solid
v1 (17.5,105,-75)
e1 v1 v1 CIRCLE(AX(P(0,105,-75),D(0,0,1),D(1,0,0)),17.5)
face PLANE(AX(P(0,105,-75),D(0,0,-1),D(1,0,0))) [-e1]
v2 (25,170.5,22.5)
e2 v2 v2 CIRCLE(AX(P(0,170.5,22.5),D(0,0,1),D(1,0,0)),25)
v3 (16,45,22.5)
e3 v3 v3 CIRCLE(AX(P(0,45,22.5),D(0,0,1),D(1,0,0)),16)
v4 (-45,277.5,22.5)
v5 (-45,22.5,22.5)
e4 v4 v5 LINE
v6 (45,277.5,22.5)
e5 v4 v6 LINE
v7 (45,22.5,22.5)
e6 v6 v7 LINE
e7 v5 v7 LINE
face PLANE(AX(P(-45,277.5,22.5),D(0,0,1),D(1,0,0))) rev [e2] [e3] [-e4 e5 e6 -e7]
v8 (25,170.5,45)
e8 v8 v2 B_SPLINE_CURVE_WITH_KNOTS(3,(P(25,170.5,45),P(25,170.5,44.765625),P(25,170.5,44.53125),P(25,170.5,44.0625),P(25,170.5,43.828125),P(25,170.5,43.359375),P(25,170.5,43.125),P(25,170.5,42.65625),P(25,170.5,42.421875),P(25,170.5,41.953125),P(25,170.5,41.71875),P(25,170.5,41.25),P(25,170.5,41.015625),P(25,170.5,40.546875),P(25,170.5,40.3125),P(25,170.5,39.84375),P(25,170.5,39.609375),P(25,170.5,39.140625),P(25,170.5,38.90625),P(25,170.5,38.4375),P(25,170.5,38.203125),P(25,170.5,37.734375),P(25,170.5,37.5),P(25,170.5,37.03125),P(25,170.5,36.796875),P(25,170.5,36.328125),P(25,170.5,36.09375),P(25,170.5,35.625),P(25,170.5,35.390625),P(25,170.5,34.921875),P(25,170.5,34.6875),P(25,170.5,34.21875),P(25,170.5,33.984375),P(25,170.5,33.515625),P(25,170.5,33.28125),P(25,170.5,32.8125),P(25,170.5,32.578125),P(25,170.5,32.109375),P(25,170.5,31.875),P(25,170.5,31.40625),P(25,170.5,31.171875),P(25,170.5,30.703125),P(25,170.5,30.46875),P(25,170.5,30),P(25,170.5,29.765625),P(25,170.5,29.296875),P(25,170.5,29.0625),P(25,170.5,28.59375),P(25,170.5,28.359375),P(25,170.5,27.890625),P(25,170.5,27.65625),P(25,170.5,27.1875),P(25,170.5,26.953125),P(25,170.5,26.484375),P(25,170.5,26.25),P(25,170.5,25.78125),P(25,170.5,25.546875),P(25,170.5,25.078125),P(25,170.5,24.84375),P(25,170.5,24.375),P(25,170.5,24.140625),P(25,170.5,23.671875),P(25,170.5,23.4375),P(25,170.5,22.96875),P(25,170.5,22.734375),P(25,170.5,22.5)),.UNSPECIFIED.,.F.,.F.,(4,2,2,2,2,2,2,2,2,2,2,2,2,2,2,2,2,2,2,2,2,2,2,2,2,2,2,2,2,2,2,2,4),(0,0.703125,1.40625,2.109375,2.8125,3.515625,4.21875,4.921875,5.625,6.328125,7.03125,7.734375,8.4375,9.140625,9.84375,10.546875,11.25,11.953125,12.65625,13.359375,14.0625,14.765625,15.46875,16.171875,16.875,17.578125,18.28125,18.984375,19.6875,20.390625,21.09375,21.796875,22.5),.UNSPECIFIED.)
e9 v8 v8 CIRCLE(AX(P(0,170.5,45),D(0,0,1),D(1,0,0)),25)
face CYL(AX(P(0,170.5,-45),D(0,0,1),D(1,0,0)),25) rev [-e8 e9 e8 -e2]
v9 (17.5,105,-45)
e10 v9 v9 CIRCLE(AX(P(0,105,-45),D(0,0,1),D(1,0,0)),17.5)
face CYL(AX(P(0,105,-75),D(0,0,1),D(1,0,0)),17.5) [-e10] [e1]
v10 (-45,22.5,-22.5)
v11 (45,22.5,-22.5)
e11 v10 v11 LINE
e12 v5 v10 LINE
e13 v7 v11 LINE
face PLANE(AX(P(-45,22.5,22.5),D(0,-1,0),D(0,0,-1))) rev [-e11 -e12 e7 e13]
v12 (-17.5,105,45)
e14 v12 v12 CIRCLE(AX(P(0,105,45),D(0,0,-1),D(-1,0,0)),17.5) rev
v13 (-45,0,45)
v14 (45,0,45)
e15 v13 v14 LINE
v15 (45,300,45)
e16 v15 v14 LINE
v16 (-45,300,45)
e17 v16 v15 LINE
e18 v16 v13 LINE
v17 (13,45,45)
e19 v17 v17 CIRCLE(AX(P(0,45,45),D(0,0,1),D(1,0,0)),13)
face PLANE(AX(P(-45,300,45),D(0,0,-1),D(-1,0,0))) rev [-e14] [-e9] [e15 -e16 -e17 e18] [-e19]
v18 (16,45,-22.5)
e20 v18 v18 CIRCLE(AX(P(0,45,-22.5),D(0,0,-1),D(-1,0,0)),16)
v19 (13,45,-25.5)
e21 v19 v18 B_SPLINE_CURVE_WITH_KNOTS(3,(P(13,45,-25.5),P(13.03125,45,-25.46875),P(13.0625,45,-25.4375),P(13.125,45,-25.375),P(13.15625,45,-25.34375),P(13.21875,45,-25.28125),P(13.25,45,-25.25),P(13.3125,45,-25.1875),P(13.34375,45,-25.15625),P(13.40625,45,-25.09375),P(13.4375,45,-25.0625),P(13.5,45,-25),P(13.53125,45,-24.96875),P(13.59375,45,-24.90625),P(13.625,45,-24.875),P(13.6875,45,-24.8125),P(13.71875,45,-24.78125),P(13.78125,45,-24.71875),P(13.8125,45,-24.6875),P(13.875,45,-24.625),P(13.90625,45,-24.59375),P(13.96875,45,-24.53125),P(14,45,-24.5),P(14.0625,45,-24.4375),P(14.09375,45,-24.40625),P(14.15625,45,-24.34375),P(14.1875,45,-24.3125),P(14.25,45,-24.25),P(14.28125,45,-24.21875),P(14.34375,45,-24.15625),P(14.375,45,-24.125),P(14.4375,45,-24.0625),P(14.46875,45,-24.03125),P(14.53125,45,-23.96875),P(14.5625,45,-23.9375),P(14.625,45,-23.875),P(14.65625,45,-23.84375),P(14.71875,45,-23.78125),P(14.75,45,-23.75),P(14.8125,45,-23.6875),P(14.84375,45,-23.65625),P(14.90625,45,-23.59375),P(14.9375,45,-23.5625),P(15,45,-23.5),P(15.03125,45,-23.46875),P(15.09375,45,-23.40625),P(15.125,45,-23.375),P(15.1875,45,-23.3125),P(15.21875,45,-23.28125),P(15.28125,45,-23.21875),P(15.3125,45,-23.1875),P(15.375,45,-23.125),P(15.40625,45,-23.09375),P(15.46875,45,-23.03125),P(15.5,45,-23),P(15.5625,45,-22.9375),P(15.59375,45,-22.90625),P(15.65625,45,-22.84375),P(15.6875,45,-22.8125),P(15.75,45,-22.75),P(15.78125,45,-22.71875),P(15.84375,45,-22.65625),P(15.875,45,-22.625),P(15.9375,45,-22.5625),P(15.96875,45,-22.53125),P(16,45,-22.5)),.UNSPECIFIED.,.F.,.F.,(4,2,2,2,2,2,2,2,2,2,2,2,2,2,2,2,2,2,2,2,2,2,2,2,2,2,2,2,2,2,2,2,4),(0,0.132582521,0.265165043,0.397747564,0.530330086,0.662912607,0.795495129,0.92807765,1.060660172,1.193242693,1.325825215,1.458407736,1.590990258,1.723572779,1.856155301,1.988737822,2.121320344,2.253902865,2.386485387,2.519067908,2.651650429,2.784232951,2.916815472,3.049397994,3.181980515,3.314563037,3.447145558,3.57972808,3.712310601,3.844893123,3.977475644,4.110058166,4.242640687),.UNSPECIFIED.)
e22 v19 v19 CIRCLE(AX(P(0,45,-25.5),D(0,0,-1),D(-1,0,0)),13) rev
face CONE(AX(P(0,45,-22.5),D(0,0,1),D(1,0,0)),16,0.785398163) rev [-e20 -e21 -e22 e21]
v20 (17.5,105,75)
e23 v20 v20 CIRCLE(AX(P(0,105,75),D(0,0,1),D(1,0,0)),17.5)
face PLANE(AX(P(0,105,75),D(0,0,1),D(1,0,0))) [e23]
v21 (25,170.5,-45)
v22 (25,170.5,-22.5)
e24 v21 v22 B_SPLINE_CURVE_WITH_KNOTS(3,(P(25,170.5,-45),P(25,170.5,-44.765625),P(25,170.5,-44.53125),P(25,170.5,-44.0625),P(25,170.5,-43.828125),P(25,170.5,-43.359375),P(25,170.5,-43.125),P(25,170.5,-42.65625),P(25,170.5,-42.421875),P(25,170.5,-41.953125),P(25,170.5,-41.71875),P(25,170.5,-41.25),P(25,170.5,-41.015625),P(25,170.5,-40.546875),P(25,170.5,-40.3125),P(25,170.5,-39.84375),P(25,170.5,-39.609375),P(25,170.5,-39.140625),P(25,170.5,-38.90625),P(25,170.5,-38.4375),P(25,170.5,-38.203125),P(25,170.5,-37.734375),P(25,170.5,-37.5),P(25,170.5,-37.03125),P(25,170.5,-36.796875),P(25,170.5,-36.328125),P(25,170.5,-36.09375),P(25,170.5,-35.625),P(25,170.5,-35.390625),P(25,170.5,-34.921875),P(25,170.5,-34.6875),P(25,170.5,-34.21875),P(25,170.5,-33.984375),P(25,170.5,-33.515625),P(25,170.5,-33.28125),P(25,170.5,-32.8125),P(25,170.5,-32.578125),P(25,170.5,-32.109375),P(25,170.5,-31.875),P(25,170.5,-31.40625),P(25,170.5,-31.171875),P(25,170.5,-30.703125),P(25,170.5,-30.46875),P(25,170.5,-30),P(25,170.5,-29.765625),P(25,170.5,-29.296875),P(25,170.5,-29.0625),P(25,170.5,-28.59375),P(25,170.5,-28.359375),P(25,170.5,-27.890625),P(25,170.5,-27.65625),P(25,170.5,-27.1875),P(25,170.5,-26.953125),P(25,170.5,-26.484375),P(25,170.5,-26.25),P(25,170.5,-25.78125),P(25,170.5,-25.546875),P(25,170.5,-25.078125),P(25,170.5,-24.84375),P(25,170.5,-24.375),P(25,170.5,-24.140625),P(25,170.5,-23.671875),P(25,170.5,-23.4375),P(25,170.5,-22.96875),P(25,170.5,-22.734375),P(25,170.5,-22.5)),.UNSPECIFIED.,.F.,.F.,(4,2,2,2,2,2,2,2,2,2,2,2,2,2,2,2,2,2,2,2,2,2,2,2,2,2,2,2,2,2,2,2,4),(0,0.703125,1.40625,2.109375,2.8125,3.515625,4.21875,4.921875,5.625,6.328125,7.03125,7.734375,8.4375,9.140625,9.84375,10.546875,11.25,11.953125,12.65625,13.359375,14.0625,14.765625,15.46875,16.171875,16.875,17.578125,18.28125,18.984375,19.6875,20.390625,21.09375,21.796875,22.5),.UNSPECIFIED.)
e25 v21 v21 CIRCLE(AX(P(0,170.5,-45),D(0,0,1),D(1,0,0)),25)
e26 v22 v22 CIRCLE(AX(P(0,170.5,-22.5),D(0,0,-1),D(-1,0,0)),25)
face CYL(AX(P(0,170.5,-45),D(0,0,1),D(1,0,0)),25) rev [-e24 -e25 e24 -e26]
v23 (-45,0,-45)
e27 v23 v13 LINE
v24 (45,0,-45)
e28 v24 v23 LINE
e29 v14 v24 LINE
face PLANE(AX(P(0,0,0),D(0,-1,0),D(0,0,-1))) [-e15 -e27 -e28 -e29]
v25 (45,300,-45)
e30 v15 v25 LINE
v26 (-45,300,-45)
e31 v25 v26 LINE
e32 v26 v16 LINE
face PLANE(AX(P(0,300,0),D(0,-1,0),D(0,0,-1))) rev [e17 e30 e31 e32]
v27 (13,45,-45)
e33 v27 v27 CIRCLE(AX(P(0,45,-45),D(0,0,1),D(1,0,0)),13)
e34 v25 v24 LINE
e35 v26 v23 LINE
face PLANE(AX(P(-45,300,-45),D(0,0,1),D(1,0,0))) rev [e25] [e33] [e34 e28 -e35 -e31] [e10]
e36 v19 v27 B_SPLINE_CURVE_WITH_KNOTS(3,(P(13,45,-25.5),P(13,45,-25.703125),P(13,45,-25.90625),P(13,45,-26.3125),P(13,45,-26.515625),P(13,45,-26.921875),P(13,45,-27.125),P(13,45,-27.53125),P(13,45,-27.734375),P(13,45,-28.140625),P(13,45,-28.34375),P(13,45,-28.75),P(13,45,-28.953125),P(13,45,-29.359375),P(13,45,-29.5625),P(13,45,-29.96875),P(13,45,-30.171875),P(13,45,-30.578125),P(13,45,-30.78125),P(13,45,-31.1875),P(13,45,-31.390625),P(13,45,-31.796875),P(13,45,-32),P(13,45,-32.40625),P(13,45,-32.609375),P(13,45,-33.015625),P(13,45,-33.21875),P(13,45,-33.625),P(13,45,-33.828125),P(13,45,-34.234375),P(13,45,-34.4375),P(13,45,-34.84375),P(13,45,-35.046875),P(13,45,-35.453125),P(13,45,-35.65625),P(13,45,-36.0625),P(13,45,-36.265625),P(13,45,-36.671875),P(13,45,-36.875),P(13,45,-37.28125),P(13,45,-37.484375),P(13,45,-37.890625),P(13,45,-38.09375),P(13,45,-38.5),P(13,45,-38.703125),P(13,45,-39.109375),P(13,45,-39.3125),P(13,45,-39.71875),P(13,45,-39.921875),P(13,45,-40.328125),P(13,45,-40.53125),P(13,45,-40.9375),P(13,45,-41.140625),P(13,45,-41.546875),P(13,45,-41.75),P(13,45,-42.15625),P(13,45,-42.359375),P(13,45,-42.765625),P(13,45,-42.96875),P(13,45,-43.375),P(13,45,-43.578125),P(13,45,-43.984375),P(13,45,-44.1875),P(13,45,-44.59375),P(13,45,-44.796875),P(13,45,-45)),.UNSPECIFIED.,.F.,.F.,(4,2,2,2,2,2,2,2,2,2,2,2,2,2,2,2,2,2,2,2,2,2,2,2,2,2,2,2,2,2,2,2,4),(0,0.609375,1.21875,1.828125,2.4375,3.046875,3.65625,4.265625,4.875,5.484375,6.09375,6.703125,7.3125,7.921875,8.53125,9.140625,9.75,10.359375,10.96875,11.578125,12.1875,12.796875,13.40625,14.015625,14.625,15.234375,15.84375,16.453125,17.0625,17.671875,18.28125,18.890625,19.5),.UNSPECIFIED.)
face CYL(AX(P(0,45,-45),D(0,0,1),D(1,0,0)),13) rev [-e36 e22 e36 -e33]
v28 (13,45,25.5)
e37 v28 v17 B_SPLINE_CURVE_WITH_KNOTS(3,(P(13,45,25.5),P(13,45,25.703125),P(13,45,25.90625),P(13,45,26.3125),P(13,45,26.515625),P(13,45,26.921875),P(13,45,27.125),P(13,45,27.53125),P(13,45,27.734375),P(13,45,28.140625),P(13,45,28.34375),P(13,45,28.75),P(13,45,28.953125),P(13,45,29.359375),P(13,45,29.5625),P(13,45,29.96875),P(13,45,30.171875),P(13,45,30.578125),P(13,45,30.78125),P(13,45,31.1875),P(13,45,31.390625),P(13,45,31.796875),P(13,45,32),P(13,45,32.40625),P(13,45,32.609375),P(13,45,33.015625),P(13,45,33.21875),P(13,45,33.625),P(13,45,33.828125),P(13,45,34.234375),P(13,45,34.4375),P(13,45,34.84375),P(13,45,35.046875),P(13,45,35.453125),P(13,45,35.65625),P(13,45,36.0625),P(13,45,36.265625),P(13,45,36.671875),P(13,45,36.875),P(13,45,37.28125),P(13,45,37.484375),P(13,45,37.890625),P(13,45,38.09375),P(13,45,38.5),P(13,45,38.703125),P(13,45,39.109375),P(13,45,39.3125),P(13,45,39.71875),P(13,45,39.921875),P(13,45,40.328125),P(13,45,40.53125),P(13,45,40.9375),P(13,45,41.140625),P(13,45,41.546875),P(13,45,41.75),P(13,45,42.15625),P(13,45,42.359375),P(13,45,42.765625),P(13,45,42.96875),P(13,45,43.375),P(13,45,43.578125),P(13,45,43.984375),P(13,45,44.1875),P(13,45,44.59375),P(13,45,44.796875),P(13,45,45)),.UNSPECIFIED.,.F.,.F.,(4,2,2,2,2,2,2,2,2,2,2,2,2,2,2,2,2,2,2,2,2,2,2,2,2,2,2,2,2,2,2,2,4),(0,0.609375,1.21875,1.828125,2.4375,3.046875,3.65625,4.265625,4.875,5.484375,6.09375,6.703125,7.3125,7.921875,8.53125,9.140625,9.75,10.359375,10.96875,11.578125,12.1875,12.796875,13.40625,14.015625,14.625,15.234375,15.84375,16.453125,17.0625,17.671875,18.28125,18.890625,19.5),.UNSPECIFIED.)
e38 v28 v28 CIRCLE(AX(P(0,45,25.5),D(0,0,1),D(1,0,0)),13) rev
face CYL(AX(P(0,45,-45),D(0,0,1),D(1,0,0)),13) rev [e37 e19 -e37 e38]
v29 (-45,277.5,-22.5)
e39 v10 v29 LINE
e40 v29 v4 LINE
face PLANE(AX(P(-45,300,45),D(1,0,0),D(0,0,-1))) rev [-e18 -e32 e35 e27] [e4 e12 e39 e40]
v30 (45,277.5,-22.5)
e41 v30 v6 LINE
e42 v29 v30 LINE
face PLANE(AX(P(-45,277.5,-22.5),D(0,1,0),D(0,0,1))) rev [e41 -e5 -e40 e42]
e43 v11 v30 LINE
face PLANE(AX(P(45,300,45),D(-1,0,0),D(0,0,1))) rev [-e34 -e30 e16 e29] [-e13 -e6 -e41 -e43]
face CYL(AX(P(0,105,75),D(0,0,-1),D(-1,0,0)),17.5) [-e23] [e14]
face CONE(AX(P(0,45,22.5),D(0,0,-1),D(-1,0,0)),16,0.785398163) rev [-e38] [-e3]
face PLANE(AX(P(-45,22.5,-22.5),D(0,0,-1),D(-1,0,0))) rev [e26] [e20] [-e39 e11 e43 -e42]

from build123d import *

# Parameters (mm, degrees)
SKETCH2_W              = 90
SKETCH2_H              = 90
BOSS_EXTRUDE1_DEPTH    = 300
SKETCH3_W              = 45
SKETCH3_H              = 255
CUT_EXTRUDE1_DEPTH     = 317.425346646
SKETCH4_R              = 25
CRANK_SHAFT_HOLE_DEPTH = 90
SKETCH5_R              = 13
CUT_EXTRUDE3_DEPTH     = 90
CHAMFER1_SIZE          = 3
SKETCH6_R              = 17.5
BOSS_EXTRUDE2_DEPTH    = 30


with BuildPart() as part:
    # Sketch2 → Boss-Extrude1 (new body)
    with BuildSketch(Plane(origin=(0, 0, 0), x_dir=(1, 0, 0), z_dir=(0, 1, 0))):
        Rectangle(SKETCH2_W, SKETCH2_H)
    extrude(amount=BOSS_EXTRUDE1_DEPTH)

    # Sketch3 → Cut-Extrude1 (cut, through all)
    with BuildSketch(Plane(origin=(45, 0, 0), x_dir=(0, 0, -1), z_dir=(1, 0, 0))):
        with Locations((0, 150)):
            Rectangle(SKETCH3_W, SKETCH3_H)
    extrude(amount=-CUT_EXTRUDE1_DEPTH, mode=Mode.SUBTRACT)

    # Sketch4 → Crank shaft hole (cut)
    with BuildSketch(Plane.XY.offset(45)):
        with Locations((0, 170.5)):
            Circle(SKETCH4_R)
    extrude(amount=-CRANK_SHAFT_HOLE_DEPTH, mode=Mode.SUBTRACT)

    # Sketch5 → Cut-Extrude3 (cut)
    with BuildSketch(Plane.XY.offset(45)):
        with Locations((0, 45)):
            Circle(SKETCH5_R)
    extrude(amount=-CUT_EXTRUDE3_DEPTH, mode=Mode.SUBTRACT)

    # Chamfer1
    chamfer1_edges = [part.edges().sort_by_distance(p)[0] for p in [
        (-13, 45, 22.5),
        (-13, 45, -22.5),
    ]]
    chamfer(chamfer1_edges, length=CHAMFER1_SIZE)

    # Sketch6 → Boss-Extrude2 (add)
    with BuildSketch(Plane.XY.offset(45)):
        with Locations(Location((0, 105, 0), (0, 0, 180))):
            Circle(SKETCH6_R)
    boss_extrude2 = extrude(amount=BOSS_EXTRUDE2_DEPTH)

    # Mirror1: Boss-Extrude2 across plane
    add(boss_extrude2.mirror(Plane.XY))


solid = part.part
